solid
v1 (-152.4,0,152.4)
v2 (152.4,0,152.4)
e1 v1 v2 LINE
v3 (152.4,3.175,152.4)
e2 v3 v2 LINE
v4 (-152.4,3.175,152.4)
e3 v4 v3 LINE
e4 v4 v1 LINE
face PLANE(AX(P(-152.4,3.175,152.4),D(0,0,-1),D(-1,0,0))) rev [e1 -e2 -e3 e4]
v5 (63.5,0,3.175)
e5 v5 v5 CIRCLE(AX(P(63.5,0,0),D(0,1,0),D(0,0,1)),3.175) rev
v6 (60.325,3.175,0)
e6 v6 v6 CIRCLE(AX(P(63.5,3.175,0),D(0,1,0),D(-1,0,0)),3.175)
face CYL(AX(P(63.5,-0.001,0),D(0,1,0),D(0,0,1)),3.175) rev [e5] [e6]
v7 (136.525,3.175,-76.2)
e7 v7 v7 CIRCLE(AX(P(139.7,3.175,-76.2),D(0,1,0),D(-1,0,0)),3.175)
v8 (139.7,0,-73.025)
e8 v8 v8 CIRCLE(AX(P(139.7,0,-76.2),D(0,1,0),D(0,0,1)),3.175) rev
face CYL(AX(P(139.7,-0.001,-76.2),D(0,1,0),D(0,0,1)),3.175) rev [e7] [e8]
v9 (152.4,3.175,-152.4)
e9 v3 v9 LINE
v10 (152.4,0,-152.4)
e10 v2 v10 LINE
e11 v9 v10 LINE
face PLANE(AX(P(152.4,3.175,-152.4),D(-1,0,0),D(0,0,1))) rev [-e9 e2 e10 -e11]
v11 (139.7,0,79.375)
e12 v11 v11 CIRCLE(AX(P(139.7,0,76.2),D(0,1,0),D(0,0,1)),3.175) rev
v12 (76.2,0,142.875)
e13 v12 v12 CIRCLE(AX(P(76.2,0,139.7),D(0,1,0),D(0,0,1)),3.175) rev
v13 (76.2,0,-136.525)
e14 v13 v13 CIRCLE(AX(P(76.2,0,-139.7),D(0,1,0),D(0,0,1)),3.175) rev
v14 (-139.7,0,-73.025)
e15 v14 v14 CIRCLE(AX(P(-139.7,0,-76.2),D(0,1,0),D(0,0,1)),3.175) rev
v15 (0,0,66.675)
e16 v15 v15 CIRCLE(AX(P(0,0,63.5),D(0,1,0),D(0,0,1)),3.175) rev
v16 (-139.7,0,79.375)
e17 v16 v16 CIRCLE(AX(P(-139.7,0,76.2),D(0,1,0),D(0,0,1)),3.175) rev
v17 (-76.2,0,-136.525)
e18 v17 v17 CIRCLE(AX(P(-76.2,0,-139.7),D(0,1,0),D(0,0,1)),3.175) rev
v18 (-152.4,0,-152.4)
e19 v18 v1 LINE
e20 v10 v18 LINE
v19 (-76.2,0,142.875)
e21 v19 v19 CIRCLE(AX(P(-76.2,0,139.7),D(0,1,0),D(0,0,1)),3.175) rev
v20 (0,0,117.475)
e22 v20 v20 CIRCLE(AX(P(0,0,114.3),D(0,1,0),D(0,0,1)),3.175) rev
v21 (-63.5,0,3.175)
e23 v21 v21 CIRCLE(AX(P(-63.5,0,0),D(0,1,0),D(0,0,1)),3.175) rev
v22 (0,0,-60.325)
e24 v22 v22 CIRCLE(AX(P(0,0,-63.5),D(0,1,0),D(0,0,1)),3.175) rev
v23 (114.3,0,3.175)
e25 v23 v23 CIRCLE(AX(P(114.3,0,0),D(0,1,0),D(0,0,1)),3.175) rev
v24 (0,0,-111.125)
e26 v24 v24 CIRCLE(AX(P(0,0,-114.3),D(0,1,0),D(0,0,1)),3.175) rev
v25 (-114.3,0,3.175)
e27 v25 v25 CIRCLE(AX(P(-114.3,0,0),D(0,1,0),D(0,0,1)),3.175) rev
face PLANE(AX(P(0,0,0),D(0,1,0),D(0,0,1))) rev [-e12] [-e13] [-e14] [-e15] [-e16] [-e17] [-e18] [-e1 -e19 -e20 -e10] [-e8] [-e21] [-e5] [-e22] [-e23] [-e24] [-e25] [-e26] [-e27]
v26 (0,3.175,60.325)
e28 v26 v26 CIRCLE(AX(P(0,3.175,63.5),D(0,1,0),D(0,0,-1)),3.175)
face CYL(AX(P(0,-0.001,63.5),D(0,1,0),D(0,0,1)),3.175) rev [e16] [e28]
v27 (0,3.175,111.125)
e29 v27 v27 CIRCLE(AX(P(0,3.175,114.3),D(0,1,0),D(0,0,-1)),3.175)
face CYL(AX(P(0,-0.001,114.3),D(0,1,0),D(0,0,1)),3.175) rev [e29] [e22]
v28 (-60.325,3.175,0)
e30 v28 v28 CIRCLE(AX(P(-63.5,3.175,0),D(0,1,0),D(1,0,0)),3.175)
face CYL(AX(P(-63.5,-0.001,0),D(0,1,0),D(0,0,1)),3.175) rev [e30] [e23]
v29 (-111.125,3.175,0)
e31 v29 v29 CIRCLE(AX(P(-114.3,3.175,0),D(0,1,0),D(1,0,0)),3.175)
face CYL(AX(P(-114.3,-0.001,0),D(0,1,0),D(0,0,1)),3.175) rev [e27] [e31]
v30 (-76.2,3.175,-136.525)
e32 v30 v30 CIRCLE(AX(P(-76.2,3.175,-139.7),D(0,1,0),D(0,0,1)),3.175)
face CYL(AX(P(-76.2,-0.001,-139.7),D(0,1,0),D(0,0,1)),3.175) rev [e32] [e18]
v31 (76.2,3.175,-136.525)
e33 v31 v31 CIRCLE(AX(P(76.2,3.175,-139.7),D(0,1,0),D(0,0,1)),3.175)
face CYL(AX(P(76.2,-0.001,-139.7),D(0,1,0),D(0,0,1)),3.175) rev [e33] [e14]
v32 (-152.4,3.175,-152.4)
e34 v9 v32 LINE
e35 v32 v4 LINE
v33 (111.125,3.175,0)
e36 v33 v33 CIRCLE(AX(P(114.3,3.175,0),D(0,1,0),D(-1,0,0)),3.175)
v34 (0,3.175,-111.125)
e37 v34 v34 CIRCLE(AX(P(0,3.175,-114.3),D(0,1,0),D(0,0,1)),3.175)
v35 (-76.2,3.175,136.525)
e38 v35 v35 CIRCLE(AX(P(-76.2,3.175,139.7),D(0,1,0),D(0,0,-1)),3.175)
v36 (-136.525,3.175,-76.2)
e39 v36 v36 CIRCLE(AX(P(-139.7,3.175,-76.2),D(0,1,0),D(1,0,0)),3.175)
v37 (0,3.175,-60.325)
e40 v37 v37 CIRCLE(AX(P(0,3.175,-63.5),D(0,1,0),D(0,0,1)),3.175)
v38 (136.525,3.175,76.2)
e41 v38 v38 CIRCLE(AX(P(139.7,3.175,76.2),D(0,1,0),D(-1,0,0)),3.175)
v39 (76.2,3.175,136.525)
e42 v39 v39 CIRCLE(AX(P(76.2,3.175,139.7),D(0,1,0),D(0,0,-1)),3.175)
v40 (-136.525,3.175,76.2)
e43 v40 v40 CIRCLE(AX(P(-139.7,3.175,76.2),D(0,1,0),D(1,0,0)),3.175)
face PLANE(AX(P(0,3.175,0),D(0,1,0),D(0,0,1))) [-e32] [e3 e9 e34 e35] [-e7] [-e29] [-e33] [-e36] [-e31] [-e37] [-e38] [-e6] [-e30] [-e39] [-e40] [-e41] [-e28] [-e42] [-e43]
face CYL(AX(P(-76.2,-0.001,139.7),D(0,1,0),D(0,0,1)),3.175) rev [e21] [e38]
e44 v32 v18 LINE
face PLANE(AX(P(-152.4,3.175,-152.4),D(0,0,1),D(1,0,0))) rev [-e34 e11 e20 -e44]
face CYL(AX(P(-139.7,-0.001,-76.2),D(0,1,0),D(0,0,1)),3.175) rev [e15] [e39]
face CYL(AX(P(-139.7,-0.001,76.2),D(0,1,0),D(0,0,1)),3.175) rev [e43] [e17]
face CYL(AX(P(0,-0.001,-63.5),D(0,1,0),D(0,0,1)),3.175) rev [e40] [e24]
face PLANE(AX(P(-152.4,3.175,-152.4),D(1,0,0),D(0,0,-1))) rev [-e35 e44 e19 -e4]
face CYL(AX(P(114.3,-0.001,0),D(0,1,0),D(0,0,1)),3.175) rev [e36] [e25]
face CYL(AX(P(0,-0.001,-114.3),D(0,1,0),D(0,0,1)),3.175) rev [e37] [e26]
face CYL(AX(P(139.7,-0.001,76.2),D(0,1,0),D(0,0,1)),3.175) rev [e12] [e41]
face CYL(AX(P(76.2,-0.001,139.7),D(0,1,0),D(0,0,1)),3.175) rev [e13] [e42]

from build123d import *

# Parameters (mm, degrees)
SKETCH1_W           = 304.8
SKETCH1_H           = 304.8
BOSS_EXTRUDE1_DEPTH = 3.175
CUT_EXTRUDE1_REACH  = 217.55
SKETCH2_R           = 3.175
CIRPATTERN1_COUNT   = 4
CUT_EXTRUDE2_REACH  = 217.55
SKETCH4_R           = 3.175
CIRPATTERN2_COUNT   = 4


with BuildPart() as part:
    # Sketch1 → Boss-Extrude1 (new body)
    with BuildSketch(Plane(origin=(0, 0, 0), x_dir=(1, 0, 0), z_dir=(0, 1, 0))):
        Rectangle(SKETCH1_W, SKETCH1_H)
    extrude(amount=BOSS_EXTRUDE1_DEPTH)

    # Sketch2 → Cut-Extrude1 (cut, up to next)
    with BuildSketch(Plane(origin=(0, 3.175, 0), x_dir=(1, 0, 0), z_dir=(0, 1, 0)), mode=Mode.PRIVATE) as cut_extrude1_sk1:
        with Locations((0, 114.3)):
            Circle(SKETCH2_R)
    cut_extrude1_tool1 = extrude(cut_extrude1_sk1.sketch, amount=-CUT_EXTRUDE1_REACH, mode=Mode.PRIVATE) & part.part
    # Sketch2 → Cut-Extrude1 (cut, up to next)
    with BuildSketch(Plane(origin=(0, 3.175, 0), x_dir=(1, 0, 0), z_dir=(0, 1, 0)), mode=Mode.PRIVATE) as cut_extrude1_sk2:
        with Locations((0, 63.5)):
            Circle(SKETCH2_R)
    cut_extrude1_tool2 = extrude(cut_extrude1_sk2.sketch, amount=-CUT_EXTRUDE1_REACH, mode=Mode.PRIVATE) & part.part
    cut_extrude1_1 = cut_extrude1_tool1.solids().sort_by_distance((0, 3.175, -114.3))[0]
    add(cut_extrude1_1, mode=Mode.SUBTRACT)
    cut_extrude1_2 = cut_extrude1_tool2.solids().sort_by_distance((0, 3.175, -63.5))[0]
    add(cut_extrude1_2, mode=Mode.SUBTRACT)
    cut_extrude1 = cut_extrude1_1 + cut_extrude1_2  # Cut-Extrude1 as one shape, for the pattern or mirror that repeats it

    # CirPattern1: Cut-Extrude1 ×4 about axis
    cirpattern1_axis = Axis((0, 3.175, 0), (0, 1, 0))
    for i in range(1, CIRPATTERN1_COUNT):
        add(cut_extrude1.rotate(cirpattern1_axis, i * 360 / CIRPATTERN1_COUNT), mode=Mode.SUBTRACT)

    # Sketch4 → Cut-Extrude2 (cut, up to next)
    with BuildSketch(Plane(origin=(0, 3.175, 0), x_dir=(1, 0, 0), z_dir=(0, 1, 0)), mode=Mode.PRIVATE) as cut_extrude2_sk1:
        with Locations((-76.2, 139.7)):
            Circle(SKETCH4_R)
    cut_extrude2_tool1 = extrude(cut_extrude2_sk1.sketch, amount=-CUT_EXTRUDE2_REACH, mode=Mode.PRIVATE) & part.part
    # Sketch4 → Cut-Extrude2 (cut, up to next)
    with BuildSketch(Plane(origin=(0, 3.175, 0), x_dir=(1, 0, 0), z_dir=(0, 1, 0)), mode=Mode.PRIVATE) as cut_extrude2_sk2:
        with Locations((76.2, 139.7)):
            Circle(SKETCH4_R)
    cut_extrude2_tool2 = extrude(cut_extrude2_sk2.sketch, amount=-CUT_EXTRUDE2_REACH, mode=Mode.PRIVATE) & part.part
    cut_extrude2_1 = cut_extrude2_tool1.solids().sort_by_distance((-76.2, 3.175, -139.7))[0]
    add(cut_extrude2_1, mode=Mode.SUBTRACT)
    cut_extrude2_2 = cut_extrude2_tool2.solids().sort_by_distance((76.2, 3.175, -139.7))[0]
    add(cut_extrude2_2, mode=Mode.SUBTRACT)
    cut_extrude2 = cut_extrude2_1 + cut_extrude2_2  # Cut-Extrude2 as one shape, for the pattern or mirror that repeats it

    # CirPattern2: Cut-Extrude2 ×4 about axis
    cirpattern2_axis = Axis((0, 3.175, 0), (0, 1, 0))
    for i in range(1, CIRPATTERN2_COUNT):
        add(cut_extrude2.rotate(cirpattern2_axis, i * 360 / CIRPATTERN2_COUNT), mode=Mode.SUBTRACT)


solid = part.part
